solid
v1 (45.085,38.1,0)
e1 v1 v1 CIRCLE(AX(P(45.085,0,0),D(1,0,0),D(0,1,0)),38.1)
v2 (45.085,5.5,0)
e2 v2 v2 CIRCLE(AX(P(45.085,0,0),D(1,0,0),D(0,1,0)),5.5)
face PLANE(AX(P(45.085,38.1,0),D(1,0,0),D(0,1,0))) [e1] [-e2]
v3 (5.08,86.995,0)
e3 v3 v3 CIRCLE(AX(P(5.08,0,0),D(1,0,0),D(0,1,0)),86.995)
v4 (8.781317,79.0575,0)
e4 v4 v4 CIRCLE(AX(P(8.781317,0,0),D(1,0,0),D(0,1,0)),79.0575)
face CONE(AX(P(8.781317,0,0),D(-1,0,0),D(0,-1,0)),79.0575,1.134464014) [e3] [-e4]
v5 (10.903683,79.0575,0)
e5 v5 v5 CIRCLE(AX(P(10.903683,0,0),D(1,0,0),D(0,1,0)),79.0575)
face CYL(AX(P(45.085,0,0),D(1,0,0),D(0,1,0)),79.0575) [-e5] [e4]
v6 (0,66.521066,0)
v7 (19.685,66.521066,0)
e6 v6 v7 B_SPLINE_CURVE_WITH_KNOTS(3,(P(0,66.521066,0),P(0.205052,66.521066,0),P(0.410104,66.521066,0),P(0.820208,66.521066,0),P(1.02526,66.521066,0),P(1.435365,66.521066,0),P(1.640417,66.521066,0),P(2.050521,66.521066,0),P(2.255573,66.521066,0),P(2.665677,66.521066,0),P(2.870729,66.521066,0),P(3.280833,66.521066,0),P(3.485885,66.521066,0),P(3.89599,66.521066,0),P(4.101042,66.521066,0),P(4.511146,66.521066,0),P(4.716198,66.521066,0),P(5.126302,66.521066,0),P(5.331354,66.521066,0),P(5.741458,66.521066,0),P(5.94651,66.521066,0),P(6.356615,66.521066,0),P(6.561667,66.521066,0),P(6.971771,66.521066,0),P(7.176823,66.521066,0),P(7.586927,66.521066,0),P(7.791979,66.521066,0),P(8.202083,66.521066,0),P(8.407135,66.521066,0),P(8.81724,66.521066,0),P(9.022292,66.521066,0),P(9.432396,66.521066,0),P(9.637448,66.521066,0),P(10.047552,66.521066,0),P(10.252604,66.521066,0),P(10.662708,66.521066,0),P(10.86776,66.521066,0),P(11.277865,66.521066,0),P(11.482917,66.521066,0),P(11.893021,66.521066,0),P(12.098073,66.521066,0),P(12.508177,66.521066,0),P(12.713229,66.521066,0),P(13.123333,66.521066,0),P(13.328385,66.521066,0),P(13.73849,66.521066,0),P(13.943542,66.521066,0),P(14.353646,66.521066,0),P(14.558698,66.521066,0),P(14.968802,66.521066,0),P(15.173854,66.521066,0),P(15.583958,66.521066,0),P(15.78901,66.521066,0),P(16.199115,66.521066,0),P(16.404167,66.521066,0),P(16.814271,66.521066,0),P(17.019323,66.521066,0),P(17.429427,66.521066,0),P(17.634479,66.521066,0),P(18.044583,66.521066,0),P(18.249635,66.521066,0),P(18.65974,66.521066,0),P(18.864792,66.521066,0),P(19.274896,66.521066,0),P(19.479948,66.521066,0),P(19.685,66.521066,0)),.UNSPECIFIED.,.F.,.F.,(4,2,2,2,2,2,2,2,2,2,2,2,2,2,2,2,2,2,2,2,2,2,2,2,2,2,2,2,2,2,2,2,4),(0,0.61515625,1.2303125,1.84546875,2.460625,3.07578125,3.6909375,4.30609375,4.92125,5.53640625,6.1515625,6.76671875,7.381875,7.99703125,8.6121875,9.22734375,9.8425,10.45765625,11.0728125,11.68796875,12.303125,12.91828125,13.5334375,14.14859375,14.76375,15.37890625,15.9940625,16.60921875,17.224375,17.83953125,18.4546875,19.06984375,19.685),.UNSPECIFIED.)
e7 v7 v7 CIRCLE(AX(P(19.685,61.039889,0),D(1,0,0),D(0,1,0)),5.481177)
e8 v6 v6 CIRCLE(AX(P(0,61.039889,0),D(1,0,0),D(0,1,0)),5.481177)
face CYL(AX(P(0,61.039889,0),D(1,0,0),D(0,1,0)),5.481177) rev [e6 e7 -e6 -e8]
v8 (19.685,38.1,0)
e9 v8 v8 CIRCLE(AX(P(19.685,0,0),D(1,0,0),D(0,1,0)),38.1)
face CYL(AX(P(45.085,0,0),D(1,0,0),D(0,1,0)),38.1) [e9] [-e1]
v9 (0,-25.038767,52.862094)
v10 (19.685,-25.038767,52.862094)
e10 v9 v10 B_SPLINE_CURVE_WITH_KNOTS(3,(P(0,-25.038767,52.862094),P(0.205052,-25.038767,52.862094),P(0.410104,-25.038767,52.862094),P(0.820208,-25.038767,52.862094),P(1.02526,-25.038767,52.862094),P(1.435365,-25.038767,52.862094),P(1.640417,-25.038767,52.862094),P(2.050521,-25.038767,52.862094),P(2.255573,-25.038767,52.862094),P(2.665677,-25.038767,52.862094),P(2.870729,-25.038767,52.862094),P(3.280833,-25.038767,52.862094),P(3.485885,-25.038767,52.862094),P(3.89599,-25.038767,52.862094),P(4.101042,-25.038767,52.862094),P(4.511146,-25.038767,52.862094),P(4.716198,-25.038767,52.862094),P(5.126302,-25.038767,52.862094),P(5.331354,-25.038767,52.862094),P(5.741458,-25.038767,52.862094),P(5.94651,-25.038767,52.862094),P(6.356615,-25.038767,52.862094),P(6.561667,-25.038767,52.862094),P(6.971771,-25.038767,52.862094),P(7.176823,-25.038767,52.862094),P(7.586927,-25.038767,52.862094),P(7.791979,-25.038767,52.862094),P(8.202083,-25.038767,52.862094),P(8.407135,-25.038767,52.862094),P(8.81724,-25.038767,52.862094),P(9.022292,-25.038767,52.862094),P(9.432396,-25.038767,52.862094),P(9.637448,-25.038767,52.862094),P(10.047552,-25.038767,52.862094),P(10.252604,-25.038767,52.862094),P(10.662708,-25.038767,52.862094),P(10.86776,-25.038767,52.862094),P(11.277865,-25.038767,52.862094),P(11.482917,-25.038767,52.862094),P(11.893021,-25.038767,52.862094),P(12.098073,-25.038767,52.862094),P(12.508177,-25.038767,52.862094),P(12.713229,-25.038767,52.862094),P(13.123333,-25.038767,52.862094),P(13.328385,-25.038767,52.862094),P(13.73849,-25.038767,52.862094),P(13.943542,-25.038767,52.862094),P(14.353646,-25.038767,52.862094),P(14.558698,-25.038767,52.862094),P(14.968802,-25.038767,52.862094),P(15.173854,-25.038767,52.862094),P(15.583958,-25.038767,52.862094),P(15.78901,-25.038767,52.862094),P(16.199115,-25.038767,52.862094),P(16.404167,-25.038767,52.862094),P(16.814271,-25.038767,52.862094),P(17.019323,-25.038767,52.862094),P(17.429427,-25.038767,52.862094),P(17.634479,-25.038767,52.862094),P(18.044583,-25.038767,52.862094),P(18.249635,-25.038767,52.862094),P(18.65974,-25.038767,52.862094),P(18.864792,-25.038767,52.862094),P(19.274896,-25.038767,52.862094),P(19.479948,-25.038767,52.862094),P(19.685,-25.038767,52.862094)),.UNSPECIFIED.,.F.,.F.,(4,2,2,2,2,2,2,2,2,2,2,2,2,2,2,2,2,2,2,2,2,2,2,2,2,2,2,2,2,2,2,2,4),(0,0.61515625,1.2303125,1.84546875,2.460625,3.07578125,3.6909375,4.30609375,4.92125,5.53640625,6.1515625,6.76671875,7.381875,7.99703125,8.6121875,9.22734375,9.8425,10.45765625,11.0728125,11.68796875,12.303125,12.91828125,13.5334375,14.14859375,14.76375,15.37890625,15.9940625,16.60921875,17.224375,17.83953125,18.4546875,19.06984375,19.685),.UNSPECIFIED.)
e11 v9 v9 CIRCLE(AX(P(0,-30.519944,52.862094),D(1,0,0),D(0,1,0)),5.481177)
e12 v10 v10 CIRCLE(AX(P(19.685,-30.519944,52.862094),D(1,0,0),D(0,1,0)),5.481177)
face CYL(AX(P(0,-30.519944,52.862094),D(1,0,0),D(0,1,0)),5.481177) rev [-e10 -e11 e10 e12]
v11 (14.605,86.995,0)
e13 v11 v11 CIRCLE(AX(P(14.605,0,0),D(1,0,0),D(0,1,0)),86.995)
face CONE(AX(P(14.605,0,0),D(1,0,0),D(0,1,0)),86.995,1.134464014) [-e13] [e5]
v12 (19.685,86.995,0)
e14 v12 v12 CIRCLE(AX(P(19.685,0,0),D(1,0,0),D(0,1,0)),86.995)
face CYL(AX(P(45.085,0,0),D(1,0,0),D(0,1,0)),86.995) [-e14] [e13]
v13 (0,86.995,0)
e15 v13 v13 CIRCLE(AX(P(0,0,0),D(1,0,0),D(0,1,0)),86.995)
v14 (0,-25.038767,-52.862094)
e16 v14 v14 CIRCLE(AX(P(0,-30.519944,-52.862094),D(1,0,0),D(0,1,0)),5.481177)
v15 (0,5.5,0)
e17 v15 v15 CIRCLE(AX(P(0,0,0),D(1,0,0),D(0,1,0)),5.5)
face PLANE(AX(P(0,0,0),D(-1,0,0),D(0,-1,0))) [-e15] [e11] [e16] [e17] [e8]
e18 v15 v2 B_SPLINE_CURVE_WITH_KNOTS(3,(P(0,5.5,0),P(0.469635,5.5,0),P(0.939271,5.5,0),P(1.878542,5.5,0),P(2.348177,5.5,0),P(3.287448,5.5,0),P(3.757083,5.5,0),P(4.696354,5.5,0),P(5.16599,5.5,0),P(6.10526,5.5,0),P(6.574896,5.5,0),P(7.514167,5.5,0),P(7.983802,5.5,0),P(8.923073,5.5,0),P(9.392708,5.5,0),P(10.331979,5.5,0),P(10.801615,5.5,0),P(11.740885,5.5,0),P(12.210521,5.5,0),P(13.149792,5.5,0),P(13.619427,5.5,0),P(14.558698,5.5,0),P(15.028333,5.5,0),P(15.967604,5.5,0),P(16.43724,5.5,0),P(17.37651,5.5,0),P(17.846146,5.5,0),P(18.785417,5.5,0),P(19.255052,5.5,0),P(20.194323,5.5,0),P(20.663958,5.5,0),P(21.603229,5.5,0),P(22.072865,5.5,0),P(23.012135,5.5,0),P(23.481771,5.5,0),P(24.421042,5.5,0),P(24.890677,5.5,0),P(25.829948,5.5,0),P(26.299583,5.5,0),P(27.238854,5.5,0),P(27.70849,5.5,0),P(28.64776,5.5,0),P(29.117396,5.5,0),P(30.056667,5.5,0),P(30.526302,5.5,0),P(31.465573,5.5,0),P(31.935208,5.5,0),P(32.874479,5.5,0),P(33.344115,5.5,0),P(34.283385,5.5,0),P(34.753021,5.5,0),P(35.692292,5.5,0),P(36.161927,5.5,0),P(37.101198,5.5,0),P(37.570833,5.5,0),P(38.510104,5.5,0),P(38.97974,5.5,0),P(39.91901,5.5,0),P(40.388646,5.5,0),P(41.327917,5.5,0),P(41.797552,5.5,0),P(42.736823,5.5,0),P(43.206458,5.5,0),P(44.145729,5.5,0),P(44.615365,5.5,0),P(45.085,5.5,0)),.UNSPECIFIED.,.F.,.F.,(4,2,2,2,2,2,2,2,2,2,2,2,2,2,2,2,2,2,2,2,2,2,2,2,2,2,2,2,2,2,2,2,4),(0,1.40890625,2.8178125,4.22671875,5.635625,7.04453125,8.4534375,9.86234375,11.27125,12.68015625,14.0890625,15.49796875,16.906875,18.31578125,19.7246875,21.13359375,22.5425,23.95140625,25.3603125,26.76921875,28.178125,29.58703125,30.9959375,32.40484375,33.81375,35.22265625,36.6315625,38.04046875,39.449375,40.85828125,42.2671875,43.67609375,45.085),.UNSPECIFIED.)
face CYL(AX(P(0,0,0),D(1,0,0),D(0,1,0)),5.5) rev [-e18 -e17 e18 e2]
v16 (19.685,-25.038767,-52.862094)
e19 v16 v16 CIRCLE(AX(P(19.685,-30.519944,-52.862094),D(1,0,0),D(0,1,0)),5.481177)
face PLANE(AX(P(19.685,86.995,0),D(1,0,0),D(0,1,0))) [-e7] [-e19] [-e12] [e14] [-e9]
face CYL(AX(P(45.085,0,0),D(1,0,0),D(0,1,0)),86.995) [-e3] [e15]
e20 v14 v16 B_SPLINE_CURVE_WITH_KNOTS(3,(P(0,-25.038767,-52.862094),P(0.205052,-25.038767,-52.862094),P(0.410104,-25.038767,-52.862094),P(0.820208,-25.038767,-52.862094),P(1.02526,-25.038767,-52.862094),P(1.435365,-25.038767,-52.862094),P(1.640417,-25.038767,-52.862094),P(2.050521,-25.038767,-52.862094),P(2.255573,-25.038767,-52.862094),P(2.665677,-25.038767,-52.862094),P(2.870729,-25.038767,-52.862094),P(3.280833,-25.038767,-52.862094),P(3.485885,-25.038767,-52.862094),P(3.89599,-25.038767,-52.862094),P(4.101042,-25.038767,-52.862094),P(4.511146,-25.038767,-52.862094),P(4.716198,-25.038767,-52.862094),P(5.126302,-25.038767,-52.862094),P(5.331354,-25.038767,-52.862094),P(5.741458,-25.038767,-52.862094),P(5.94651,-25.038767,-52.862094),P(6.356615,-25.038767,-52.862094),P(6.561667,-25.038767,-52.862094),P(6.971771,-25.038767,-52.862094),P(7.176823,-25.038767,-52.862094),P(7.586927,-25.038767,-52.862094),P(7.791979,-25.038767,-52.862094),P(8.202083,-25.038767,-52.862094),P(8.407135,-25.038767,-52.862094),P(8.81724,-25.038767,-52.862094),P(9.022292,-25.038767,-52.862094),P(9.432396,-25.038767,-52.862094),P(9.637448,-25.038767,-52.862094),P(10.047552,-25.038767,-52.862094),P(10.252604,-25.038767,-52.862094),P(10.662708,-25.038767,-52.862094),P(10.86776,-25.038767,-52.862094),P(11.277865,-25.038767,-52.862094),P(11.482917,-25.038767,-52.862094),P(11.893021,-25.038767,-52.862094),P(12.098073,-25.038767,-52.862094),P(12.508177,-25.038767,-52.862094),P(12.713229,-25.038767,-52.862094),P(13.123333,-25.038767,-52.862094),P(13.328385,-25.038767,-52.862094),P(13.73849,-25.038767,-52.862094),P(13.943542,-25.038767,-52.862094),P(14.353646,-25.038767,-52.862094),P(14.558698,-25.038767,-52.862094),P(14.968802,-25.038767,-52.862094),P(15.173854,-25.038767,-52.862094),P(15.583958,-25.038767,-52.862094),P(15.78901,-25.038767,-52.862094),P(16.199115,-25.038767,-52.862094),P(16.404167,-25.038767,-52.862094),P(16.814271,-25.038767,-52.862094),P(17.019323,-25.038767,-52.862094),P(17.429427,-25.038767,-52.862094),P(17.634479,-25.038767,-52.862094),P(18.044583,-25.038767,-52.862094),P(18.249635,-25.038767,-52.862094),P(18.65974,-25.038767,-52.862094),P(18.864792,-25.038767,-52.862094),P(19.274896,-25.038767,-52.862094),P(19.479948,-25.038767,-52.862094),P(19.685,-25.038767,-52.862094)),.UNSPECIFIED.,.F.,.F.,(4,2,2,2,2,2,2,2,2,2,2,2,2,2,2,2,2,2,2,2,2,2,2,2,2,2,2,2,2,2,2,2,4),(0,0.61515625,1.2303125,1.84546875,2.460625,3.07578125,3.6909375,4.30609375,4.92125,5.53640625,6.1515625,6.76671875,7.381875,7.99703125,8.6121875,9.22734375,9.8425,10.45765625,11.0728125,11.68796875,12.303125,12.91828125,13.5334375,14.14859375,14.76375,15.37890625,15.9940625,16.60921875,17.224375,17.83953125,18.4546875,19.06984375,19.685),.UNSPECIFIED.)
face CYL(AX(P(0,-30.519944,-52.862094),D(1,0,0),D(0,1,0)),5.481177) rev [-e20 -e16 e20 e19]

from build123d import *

# Parameters (mm, degrees)
SKETCH3_R          = 5.5
CUT_EXTRUDE1_DEPTH = 132.030215122
SKETCH4_R          = 5.481177192
CUT_EXTRUDE2_DEPTH = 126.624122086


with BuildPart() as part:
    # Sketch2 → Revolve1 (revolve)
    with BuildSketch(Plane.XY):
        Polygon((0, 0), (0, 86.995), (5.08, 86.995), (8.781317037, 79.0575), (10.903682963, 79.0575), (14.605, 86.995), (19.685, 86.995), (19.685, 38.1), (45.085, 38.1), (45.085, 0), align=None)
    revolve(axis=Axis((45.085, 0, 0), (-1, 0, 0)))

    # Sketch3 → Cut-Extrude1 (cut, through all)
    with BuildSketch(Plane(origin=(45.085, 0, 0), x_dir=(0, 0, -1), z_dir=(1, 0, 0))):
        with Locations(Location((0, 0, 0), (0, 0, 90))):
            Circle(SKETCH3_R)
    extrude(amount=-CUT_EXTRUDE1_DEPTH, mode=Mode.SUBTRACT)

    # Sketch4 → Cut-Extrude2 (cut, through all)
    with BuildSketch(Plane(origin=(19.685, 0, 0), x_dir=(0, 0, -1), z_dir=(1, 0, 0))):
        with Locations(Location((0, 61.039888565, 0), (0, 0, 90))):
            Circle(SKETCH4_R)
        with Locations(Location((52.862094142, -30.519944283, 0), (0, 0, 90))):
            Circle(SKETCH4_R)
        with Locations(Location((-52.862094142, -30.519944283, 0), (0, 0, 90))):
            Circle(SKETCH4_R)
    extrude(amount=-CUT_EXTRUDE2_DEPTH, mode=Mode.SUBTRACT)


solid = part.part
